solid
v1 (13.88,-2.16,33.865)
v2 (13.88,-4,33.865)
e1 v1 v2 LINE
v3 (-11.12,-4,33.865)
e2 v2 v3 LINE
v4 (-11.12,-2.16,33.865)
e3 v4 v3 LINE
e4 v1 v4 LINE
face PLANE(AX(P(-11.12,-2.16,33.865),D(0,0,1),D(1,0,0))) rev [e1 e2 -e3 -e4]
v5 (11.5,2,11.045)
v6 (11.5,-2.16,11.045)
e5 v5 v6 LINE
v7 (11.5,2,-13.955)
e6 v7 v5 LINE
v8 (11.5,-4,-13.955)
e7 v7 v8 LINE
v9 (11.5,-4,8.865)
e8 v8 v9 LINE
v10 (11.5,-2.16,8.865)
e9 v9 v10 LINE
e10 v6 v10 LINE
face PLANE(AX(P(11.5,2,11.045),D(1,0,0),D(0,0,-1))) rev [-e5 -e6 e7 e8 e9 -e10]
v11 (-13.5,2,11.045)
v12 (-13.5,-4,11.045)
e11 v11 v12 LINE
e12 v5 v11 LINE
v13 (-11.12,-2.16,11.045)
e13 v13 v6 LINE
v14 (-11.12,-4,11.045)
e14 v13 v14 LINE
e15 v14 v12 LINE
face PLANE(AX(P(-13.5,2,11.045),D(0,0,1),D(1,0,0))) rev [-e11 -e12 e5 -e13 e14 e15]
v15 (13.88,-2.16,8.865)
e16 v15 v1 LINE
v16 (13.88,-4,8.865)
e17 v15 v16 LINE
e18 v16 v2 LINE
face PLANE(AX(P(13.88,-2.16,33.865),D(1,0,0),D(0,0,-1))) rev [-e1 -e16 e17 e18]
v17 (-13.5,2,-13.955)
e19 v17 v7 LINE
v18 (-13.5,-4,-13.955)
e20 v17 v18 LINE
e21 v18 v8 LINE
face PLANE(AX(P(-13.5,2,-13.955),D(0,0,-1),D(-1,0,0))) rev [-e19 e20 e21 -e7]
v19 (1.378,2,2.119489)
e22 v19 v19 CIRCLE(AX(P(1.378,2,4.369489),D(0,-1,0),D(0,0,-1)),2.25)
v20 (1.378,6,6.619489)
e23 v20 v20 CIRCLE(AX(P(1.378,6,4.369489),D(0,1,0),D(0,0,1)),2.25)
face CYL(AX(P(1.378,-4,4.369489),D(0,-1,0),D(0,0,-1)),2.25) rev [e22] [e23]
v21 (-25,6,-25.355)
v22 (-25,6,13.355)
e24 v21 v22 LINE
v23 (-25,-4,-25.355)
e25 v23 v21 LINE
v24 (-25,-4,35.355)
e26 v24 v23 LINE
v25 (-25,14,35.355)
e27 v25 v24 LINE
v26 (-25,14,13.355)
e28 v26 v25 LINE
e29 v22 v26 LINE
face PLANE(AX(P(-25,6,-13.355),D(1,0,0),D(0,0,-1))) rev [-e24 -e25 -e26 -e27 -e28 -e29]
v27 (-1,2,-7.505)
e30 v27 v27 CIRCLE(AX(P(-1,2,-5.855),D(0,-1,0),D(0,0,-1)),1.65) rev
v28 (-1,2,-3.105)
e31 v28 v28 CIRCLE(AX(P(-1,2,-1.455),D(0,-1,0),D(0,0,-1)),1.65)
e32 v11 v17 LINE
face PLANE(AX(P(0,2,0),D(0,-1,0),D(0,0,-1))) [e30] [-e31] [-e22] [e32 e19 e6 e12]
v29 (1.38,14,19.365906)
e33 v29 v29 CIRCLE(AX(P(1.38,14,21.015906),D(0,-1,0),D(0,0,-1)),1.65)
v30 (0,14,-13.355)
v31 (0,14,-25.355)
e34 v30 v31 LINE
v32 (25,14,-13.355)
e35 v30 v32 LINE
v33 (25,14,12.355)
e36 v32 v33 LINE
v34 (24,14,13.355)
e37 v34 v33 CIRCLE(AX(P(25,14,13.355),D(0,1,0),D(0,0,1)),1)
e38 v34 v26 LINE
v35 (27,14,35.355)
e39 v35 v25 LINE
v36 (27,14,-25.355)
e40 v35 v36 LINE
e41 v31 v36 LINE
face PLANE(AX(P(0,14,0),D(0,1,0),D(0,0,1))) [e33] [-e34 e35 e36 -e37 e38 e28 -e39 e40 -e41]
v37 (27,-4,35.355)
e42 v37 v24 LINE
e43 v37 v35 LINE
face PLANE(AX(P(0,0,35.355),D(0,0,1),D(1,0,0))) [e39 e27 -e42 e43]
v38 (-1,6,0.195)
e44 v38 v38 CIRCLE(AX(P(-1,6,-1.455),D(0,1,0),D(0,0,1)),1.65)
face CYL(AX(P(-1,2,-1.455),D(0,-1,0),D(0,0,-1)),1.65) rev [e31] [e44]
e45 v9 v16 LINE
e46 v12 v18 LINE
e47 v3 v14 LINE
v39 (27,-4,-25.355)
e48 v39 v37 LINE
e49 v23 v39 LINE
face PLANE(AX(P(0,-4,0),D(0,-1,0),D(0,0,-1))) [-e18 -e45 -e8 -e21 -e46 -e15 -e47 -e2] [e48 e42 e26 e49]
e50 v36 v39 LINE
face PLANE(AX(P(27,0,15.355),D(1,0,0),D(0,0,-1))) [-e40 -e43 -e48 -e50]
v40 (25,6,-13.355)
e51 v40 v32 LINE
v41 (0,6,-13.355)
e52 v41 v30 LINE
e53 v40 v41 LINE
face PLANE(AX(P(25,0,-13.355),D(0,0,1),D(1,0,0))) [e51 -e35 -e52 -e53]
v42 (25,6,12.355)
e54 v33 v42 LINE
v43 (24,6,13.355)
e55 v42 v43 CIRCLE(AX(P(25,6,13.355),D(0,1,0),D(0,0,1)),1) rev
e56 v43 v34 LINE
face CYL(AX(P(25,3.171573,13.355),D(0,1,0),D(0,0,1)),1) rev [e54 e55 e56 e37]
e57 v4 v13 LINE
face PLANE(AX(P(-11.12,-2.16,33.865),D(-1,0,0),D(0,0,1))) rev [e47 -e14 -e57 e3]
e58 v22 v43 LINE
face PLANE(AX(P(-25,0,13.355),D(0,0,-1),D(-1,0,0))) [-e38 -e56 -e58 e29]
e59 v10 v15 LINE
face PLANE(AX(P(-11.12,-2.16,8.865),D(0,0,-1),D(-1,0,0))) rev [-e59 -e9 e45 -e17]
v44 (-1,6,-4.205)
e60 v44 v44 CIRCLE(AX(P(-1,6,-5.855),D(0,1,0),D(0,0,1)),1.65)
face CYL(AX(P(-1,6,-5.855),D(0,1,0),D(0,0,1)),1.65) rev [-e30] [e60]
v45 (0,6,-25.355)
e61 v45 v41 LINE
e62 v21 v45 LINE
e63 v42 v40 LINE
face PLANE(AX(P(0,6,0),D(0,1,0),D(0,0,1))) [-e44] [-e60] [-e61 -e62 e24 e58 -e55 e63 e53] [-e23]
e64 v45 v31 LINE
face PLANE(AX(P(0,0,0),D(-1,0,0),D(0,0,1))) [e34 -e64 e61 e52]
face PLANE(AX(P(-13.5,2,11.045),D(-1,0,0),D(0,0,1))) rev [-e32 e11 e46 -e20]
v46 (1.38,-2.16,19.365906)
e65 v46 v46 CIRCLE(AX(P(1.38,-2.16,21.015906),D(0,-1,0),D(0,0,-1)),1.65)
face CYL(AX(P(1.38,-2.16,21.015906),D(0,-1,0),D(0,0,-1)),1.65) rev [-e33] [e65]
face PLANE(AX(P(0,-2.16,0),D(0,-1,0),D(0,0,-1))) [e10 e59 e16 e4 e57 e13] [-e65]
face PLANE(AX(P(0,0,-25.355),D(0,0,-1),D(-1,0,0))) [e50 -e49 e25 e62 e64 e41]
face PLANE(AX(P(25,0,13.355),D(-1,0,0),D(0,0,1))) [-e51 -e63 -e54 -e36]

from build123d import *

# Parameters (mm, degrees)
SKETCH_1_W                = 50
SKETCH_1_H                = 26.71
EXTRUDE_1_DEPTH           = 6
EXTRUDE_2_DEPTH           = 8
EXTRUDE_2_DEPTH_BACK      = 6
HOLE_WIZARD_M4_1_D        = 3.3
HOLE_WIZARD_M4_1_DEPTH    = 10.1
HOLE_WIZARD_M4_1_TIP      = 0.991420021
SKETCH_12_W               = 2
SKETCH_12_H               = 8
CUT_EXTRUDE_5_DEPTH       = 25
EXTRUDE_5_DEPTH           = 10
SKETCH_25_W               = 52
SKETCH_25_H               = 14
EXTRUDE_6_DEPTH           = 20
SKETCH_13_R               = 1
CUT_EXTRUDE_6_DEPTH       = 8
SKETCH_5_W                = 25
SKETCH_5_H                = 25
SKETCH_5_R                = 1.193891983
CUT_EXTRUDE_1_DEPTH       = 2
HOLE_WIZARD_M4_2_D        = 3.3
SKETCH_14_W               = 52
SKETCH_14_H               = 60.71
SKETCH_14_W_2             = 25
SKETCH_14_H_2             = 25
EXTRUDE_3_DEPTH           = 4
SKETCH_16_W               = 25
SKETCH_16_H               = 25
CUT_EXTRUDE_7_DEPTH       = 1.84
HOLE_WIZARD_0_D           = 4.5
HOLE_WIZARD_0_CBORE_D     = 8
HOLE_WIZARD_0_CBORE_DEPTH = 4.6
HOLE_WIZARD_M4_3_D        = 3.3


with BuildPart() as part:
    # 草图1 → 凸台-拉伸1 (new body)
    with BuildSketch(Plane(origin=(0, 0, 0), x_dir=(1, 0, 0), z_dir=(0, 1, 0))):
        Rectangle(SKETCH_1_W, SKETCH_1_H)
    extrude(amount=EXTRUDE_1_DEPTH)

    # 草图2 → 凸台-拉伸2 (add, two sides: drawn at the far end of the back side and taken through both)
    with BuildSketch(Plane(origin=(0, 6, 0), x_dir=(1, 0, 0), z_dir=(0, 1, 0)).offset(-EXTRUDE_2_DEPTH_BACK)):
        Polygon((25, 13.355), (-25, 13.355), (-25, 15.355), (27, 15.355), (27, -15.355), (-25, -15.355), (-25, -13.355), (25, -13.355), align=None)
    extrude(amount=EXTRUDE_2_DEPTH + EXTRUDE_2_DEPTH_BACK)

    # M4 螺纹孔1
    with Locations(Plane(origin=(-1, 6, -5.855), x_dir=(0, 0, 1), z_dir=(0, 1, 0))):
        with Locations((0, 0)):
            Hole(HOLE_WIZARD_M4_1_D / 2, depth=HOLE_WIZARD_M4_1_DEPTH)
            with Locations((0, 0, -(HOLE_WIZARD_M4_1_DEPTH + HOLE_WIZARD_M4_1_TIP / 2))):  # 118° drill point
                Cone(0, HOLE_WIZARD_M4_1_D / 2, HOLE_WIZARD_M4_1_TIP, mode=Mode.SUBTRACT)

    # 草图12 → 切除-拉伸5 (cut)
    with BuildSketch(Plane.ZY.offset(25)):
        with Locations((-14.355, 10)):
            Rectangle(SKETCH_12_W, SKETCH_12_H)
    extrude(amount=-CUT_EXTRUDE_5_DEPTH, mode=Mode.SUBTRACT)

    # 草图24 → 凸台-拉伸5 (add)
    with BuildSketch(Plane(origin=(0, 0, -15.355), x_dir=(-1, 0, 0), z_dir=(0, 0, -1))):
        Polygon((25, 6), (0, 6), (0, 14), (-27, 14), (-27, 0), (25, 0), align=None)
    extrude(amount=EXTRUDE_5_DEPTH)

    # 草图25 → 凸台-拉伸6 (add)
    with BuildSketch(Plane.XY.offset(15.355)):
        with Locations((1, 7)):
            Rectangle(SKETCH_25_W, SKETCH_25_H)
    extrude(amount=EXTRUDE_6_DEPTH)

    # 草图13 → 切除-拉伸6 (cut)
    with BuildSketch(Plane(origin=(0, 14, 0), x_dir=(1, 0, 0), z_dir=(0, 1, 0))):
        with Locations((25, -13.355)):
            Circle(SKETCH_13_R)
    extrude(amount=-CUT_EXTRUDE_6_DEPTH, mode=Mode.SUBTRACT)

    # 草图5 → 切除-拉伸1 (cut)
    with BuildSketch(Plane.XZ):
        with Locations((-1, -1.455)):
            Rectangle(SKETCH_5_W, SKETCH_5_H)
        with Locations(Location((-1, -1.455, 0), (0, 0, 270))):
            Circle(SKETCH_5_R, mode=Mode.SUBTRACT)
    extrude(amount=-CUT_EXTRUDE_1_DEPTH, mode=Mode.SUBTRACT)

    # M4 螺纹孔2 (through all)
    with Locations(Plane(origin=(-1, 2, -1.455), x_dir=(0, 0, -1), z_dir=(0, -1, 0))):
        with Locations((0, 0)):
            Hole(HOLE_WIZARD_M4_2_D / 2)

    # 草图14 → 凸台-拉伸3 (add)
    with BuildSketch(Plane.XZ):
        with Locations((1, 5)):
            Rectangle(SKETCH_14_W, SKETCH_14_H)
        with Locations((-1, -1.455)):
            Rectangle(SKETCH_14_W_2, SKETCH_14_H_2, mode=Mode.SUBTRACT)
    extrude(amount=EXTRUDE_3_DEPTH)

    # 草图16 → 切除-拉伸7 (cut)
    with BuildSketch(Plane.XZ.offset(4)):
        with Locations((1.38, 21.365)):
            Rectangle(SKETCH_16_W, SKETCH_16_H)
    extrude(amount=-CUT_EXTRUDE_7_DEPTH, mode=Mode.SUBTRACT)

    # 打孔尺寸(%根据)内六角圆柱头螺钉的类型0 (through all)
    with Locations(Plane(origin=(1.378, -4, 4.369489244), x_dir=(0, 0, -1), z_dir=(0, -1, 0))):
        with Locations((0, 0)):
            CounterBoreHole(HOLE_WIZARD_0_D / 2, HOLE_WIZARD_0_CBORE_D / 2, HOLE_WIZARD_0_CBORE_DEPTH)

    # M4 螺纹孔3 (through all)
    with Locations(Plane(origin=(1.38, -2.16, 21.015906409), x_dir=(0, 0, -1), z_dir=(0, -1, 0))):
        with Locations((0, 0)):
            Hole(HOLE_WIZARD_M4_3_D / 2)


solid = part.part
